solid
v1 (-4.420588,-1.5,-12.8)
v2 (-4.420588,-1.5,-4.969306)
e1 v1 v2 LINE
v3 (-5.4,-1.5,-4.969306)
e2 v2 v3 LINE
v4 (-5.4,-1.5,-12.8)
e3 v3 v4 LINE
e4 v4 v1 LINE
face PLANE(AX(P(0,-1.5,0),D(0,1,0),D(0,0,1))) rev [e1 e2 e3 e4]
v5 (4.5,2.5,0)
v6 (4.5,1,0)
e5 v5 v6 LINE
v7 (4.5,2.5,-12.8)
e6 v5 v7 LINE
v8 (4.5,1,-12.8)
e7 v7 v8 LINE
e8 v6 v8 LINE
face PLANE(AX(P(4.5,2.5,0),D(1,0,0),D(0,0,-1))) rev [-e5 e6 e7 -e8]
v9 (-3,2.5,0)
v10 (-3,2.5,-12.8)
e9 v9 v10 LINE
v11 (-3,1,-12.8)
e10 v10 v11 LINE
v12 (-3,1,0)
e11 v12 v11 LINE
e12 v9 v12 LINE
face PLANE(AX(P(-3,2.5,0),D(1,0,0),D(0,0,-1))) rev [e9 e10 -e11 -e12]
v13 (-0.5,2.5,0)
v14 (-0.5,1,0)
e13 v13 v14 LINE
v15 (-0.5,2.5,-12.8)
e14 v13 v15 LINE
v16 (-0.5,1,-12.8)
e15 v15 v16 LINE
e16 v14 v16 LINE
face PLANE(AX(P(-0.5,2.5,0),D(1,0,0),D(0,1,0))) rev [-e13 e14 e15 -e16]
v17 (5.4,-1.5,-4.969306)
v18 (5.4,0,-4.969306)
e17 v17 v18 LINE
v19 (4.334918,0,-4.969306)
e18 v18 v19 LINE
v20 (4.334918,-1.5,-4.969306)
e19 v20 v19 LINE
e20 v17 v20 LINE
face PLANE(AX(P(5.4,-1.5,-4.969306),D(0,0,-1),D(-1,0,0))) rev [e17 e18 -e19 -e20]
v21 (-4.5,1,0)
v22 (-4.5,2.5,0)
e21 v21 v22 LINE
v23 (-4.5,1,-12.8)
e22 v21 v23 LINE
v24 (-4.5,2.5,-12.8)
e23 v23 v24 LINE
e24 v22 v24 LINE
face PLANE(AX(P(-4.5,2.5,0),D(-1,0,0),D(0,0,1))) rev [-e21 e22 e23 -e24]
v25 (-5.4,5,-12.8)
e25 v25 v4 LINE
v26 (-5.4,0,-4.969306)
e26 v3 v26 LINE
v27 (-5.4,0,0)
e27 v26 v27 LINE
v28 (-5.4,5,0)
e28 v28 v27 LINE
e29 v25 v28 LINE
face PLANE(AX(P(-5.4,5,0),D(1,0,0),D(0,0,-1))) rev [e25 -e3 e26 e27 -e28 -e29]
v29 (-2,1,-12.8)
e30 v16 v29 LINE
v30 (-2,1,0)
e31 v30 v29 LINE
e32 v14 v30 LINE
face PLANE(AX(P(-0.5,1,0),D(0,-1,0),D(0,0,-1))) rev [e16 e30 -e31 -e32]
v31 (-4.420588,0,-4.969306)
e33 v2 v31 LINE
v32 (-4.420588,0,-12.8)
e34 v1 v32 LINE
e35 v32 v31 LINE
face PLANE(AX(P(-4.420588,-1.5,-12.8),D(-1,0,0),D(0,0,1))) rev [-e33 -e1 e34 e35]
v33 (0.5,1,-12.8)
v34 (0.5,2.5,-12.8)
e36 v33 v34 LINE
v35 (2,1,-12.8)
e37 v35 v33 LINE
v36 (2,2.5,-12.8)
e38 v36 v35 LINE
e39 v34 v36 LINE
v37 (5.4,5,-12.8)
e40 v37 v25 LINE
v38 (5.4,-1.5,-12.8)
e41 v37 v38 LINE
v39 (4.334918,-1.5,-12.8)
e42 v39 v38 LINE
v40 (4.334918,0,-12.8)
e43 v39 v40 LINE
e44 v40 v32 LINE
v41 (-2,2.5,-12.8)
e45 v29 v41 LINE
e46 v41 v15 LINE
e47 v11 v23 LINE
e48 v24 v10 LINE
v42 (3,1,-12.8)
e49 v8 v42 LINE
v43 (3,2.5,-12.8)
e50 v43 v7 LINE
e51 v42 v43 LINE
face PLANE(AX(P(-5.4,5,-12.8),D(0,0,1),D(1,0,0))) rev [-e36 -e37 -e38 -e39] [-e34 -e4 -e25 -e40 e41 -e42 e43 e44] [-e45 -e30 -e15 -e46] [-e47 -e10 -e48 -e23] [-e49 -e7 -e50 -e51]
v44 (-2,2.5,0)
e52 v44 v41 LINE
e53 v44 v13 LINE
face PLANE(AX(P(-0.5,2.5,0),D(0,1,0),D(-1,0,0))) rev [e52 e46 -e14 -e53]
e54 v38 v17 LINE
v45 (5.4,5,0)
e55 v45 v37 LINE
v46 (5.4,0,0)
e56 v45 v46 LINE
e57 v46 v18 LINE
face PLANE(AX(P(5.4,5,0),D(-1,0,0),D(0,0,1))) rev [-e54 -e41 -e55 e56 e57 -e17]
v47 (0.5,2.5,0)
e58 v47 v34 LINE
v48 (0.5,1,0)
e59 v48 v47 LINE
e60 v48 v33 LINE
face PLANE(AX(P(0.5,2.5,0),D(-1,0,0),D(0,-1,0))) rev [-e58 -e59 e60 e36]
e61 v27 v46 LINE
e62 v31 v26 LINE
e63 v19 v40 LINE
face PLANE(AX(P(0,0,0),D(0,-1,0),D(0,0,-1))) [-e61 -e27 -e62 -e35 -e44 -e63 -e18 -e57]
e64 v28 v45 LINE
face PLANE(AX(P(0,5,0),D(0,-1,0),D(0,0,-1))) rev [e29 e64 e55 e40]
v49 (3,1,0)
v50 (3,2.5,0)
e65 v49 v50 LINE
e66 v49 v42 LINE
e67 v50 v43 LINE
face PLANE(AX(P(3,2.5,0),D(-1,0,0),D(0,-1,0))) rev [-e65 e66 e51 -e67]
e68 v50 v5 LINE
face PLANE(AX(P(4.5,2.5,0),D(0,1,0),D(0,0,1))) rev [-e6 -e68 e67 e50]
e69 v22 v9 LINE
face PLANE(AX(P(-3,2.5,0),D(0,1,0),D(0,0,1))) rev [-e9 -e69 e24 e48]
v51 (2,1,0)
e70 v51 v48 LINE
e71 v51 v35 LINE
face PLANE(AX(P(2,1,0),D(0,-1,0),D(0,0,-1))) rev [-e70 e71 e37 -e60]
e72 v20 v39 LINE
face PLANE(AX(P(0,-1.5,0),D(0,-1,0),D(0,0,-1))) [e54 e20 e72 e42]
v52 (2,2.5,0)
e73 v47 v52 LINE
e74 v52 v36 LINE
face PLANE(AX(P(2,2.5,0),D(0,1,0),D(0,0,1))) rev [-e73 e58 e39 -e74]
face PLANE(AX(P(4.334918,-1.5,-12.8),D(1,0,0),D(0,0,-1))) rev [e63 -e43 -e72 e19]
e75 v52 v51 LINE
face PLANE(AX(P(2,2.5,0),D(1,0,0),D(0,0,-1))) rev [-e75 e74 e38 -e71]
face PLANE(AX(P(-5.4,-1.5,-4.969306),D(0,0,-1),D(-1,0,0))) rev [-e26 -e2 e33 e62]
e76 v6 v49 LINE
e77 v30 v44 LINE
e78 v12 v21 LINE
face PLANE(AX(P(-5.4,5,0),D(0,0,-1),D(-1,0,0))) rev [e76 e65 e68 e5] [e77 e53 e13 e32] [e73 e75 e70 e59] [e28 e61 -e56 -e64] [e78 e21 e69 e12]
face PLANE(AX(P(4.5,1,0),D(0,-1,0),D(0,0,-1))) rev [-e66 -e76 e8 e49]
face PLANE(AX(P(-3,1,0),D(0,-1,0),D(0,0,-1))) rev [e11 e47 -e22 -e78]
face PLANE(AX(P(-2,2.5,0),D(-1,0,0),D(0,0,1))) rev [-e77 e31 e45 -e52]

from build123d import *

# Parameters (mm, degrees)
SKETCH_1_W          = 10.8
SKETCH_1_H          = 12.8
EXTRUDE_1_DEPTH     = 5
SKETCH_2_W          = 1.5
SKETCH_2_H          = 1.5
CUT_EXTRUDE_1_DEPTH = 13.8
SKETCH_3_W          = 0.979411712
SKETCH_3_H          = 7.830694271
SKETCH_3_W_2        = 1.065082028
EXTRUDE_2_DEPTH     = 1.5


with BuildPart() as part:
    # 草圖1 → 填料-伸長1 (new body)
    with BuildSketch(Plane(origin=(0, 0, 0), x_dir=(1, 0, 0), z_dir=(0, 1, 0))):
        with Locations((0, 6.4)):
            Rectangle(SKETCH_1_W, SKETCH_1_H)
    extrude(amount=EXTRUDE_1_DEPTH)

    # 草圖2 → 除料-伸長1 (cut, through all)
    with BuildSketch(Plane(origin=(0, 0, -12.8), x_dir=(-1, 0, 0), z_dir=(0, 0, -1))):
        with Locations((-3.75, 1.75)):
            Rectangle(SKETCH_2_W, SKETCH_2_H)
        with Locations((-1.25, 1.75)):
            Rectangle(SKETCH_2_W, SKETCH_2_H)
        with Locations((1.25, 1.75)):
            Rectangle(SKETCH_2_W, SKETCH_2_H)
        with Locations((3.75, 1.75)):
            Rectangle(SKETCH_2_W, SKETCH_2_H)
    extrude(amount=-CUT_EXTRUDE_1_DEPTH, mode=Mode.SUBTRACT)

    # 草圖3 → 填料-伸長2 (add)
    with BuildSketch(Plane.XZ):
        with Locations((-4.910294144, -8.884652865)):
            Rectangle(SKETCH_3_W, SKETCH_3_H)
        with Locations((4.867458986, -8.884652865)):
            Rectangle(SKETCH_3_W_2, SKETCH_3_H)
    extrude(amount=EXTRUDE_2_DEPTH)


solid = part.part
